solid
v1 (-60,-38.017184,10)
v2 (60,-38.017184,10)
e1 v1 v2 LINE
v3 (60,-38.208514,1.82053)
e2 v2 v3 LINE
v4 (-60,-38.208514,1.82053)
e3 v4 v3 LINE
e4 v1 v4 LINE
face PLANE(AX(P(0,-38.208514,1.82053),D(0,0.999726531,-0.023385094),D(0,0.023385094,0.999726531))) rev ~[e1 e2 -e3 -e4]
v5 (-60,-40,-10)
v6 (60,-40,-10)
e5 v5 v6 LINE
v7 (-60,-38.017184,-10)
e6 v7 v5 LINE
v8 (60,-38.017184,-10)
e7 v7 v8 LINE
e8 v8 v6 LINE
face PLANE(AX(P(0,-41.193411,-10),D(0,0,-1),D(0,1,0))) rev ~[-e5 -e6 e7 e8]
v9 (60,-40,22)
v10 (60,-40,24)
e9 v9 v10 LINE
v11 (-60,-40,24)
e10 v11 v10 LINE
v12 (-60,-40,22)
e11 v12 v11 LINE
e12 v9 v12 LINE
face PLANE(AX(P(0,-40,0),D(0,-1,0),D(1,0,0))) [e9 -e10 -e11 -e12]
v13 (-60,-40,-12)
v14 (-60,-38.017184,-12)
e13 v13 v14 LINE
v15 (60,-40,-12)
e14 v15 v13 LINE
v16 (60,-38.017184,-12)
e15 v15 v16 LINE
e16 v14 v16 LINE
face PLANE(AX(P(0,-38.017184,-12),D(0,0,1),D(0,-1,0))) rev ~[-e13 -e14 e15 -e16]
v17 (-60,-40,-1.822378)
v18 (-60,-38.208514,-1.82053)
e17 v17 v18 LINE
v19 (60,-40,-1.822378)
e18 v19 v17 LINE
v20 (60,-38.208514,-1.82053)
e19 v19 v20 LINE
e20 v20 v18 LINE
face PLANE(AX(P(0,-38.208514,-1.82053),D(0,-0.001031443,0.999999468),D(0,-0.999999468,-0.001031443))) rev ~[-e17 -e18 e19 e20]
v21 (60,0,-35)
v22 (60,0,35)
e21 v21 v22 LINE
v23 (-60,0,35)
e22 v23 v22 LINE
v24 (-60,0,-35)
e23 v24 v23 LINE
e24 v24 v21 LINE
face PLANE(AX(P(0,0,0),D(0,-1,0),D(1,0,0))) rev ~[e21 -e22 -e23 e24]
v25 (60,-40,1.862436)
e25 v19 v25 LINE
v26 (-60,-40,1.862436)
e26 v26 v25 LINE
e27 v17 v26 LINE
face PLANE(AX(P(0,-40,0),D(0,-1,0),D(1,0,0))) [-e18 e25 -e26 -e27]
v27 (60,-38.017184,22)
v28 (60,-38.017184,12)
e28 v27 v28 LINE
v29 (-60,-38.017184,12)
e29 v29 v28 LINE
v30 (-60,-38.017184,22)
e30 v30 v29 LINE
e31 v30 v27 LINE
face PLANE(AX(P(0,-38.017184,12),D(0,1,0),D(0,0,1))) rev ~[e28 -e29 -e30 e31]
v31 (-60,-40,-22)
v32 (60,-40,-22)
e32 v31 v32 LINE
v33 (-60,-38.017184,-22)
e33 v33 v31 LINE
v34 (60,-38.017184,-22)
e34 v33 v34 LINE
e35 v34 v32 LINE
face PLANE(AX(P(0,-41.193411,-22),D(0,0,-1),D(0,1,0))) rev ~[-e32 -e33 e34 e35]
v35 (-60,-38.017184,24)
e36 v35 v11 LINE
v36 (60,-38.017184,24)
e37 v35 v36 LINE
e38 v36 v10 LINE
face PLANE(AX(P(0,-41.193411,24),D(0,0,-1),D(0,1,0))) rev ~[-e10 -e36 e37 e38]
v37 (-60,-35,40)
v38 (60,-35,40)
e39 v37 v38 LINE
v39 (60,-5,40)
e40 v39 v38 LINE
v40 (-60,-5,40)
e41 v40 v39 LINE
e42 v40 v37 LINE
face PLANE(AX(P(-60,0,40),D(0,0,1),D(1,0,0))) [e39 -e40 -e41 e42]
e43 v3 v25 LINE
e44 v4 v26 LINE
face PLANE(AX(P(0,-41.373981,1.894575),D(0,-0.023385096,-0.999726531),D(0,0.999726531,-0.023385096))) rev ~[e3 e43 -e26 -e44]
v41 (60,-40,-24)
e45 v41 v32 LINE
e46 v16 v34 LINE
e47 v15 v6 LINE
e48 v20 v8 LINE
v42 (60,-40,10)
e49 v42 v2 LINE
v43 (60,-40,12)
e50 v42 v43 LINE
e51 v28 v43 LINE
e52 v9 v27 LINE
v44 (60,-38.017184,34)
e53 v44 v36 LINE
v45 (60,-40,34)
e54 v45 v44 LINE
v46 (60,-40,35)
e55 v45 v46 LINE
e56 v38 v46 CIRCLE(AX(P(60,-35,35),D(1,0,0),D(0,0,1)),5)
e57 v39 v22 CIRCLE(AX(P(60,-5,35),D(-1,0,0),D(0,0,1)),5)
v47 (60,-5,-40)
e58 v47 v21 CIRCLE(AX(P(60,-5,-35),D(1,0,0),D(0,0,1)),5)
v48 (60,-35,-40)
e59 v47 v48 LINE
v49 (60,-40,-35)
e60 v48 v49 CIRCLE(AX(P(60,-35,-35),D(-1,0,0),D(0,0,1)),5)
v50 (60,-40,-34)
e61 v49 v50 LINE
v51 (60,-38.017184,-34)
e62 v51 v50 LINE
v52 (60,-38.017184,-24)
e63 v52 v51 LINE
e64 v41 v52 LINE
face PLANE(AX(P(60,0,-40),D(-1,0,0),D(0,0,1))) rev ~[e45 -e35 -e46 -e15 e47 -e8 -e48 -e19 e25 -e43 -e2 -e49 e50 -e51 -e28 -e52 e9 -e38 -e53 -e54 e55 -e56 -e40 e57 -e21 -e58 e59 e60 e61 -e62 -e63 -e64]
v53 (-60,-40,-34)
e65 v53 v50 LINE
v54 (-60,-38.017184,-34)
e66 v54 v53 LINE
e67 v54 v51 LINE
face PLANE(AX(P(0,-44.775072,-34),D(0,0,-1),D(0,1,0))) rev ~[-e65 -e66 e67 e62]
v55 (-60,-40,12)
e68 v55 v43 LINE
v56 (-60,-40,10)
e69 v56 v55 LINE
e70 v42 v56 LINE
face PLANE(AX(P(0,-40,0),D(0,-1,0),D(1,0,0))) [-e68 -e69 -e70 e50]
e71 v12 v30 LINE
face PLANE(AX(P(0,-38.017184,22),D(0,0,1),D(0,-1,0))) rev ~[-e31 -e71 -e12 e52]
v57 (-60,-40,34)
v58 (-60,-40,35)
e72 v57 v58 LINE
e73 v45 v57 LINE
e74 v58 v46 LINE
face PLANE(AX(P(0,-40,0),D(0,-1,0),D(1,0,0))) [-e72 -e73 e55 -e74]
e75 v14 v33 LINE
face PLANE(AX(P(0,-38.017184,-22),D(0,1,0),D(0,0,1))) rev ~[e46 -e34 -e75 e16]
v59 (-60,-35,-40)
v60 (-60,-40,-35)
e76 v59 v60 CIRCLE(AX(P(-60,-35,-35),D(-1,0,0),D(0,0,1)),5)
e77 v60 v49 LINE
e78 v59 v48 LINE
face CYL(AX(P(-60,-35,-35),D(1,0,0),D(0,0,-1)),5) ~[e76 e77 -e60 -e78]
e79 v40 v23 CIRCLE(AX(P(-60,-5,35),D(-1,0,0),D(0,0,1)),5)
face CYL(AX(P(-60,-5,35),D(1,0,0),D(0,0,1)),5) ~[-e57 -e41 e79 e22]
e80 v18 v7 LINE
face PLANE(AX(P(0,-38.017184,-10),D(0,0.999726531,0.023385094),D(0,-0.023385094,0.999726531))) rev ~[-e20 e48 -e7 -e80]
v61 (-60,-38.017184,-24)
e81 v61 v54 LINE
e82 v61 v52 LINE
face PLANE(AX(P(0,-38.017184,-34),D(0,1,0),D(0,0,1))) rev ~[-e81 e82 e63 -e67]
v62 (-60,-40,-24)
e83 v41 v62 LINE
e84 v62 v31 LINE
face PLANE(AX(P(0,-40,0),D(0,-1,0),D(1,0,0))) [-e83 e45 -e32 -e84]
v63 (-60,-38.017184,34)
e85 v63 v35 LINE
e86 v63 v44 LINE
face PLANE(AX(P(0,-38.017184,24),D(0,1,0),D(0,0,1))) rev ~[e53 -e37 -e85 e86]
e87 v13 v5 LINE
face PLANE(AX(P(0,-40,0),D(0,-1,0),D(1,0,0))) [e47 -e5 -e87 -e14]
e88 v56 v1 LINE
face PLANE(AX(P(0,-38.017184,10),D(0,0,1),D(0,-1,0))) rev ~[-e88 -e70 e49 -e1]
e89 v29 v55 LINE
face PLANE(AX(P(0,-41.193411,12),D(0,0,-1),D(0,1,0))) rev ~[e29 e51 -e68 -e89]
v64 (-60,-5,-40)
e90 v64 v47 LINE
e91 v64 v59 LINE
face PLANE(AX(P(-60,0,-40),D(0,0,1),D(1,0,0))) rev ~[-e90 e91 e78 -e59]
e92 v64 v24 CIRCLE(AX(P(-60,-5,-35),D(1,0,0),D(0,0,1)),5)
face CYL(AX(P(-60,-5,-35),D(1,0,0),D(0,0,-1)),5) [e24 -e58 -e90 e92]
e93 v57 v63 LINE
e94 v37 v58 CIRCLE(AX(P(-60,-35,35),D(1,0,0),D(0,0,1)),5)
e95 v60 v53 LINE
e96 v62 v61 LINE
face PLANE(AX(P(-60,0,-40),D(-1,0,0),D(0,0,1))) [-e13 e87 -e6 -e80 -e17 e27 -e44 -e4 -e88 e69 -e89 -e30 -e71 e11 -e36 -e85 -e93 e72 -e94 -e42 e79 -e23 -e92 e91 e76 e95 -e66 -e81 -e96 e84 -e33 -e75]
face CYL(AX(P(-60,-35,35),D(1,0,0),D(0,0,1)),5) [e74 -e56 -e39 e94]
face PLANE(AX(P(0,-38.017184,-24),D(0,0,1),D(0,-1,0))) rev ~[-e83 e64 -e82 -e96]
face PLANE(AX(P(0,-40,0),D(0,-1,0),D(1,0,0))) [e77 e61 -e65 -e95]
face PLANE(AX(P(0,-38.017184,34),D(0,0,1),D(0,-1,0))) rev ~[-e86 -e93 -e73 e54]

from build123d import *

# Parameters (mm, degrees)
F0_W     = 120
F0_H     = 80
F1_DEPTH = 40
F2_R     = 5
F4_DEPTH = 100


with BuildPart() as f1:
    # F0 (on Front) → F1 (new body)
    with BuildSketch(Plane.XZ):
        Rectangle(F0_W, F0_H)
    extrude(amount=F1_DEPTH)

    # F2
    f2_edges = [f1.edges().sort_by_distance(p)[0] for p in [
        (0, -40, 40),
        (0, -40, -40),
        (0, 0, 40),
        (0, 0, -40),
    ]]
    fillet(f2_edges, radius=F2_R)

    # F3 (on Right) → F4 (cut, symmetric)
    with BuildSketch(Plane.YZ):
        Polygon((-41.373981, 1.894575), (-38.208514, 1.82053), (-38.017184, 10), (-41.193411, 10), (-41.193411, 12), (-38.017184, 12), (-38.017184, 22), (-41.193411, 22), (-41.193411, 24), (-38.017184, 24), (-38.017184, 34), (-44.775072, 34), (-44.878796, 1.82053), (-44.878796, -1.82053), (-44.775072, -34), (-38.017184, -34), (-38.017184, -24), (-41.193411, -24), (-41.193411, -22), (-38.017184, -22), (-38.017184, -12), (-41.193411, -12), (-41.193411, -10), (-38.017184, -10), (-38.208514, -1.82053), (-41.373981, -1.823795), align=None)
    extrude(amount=F4_DEPTH, both=True, mode=Mode.SUBTRACT)


solid = f1.part
